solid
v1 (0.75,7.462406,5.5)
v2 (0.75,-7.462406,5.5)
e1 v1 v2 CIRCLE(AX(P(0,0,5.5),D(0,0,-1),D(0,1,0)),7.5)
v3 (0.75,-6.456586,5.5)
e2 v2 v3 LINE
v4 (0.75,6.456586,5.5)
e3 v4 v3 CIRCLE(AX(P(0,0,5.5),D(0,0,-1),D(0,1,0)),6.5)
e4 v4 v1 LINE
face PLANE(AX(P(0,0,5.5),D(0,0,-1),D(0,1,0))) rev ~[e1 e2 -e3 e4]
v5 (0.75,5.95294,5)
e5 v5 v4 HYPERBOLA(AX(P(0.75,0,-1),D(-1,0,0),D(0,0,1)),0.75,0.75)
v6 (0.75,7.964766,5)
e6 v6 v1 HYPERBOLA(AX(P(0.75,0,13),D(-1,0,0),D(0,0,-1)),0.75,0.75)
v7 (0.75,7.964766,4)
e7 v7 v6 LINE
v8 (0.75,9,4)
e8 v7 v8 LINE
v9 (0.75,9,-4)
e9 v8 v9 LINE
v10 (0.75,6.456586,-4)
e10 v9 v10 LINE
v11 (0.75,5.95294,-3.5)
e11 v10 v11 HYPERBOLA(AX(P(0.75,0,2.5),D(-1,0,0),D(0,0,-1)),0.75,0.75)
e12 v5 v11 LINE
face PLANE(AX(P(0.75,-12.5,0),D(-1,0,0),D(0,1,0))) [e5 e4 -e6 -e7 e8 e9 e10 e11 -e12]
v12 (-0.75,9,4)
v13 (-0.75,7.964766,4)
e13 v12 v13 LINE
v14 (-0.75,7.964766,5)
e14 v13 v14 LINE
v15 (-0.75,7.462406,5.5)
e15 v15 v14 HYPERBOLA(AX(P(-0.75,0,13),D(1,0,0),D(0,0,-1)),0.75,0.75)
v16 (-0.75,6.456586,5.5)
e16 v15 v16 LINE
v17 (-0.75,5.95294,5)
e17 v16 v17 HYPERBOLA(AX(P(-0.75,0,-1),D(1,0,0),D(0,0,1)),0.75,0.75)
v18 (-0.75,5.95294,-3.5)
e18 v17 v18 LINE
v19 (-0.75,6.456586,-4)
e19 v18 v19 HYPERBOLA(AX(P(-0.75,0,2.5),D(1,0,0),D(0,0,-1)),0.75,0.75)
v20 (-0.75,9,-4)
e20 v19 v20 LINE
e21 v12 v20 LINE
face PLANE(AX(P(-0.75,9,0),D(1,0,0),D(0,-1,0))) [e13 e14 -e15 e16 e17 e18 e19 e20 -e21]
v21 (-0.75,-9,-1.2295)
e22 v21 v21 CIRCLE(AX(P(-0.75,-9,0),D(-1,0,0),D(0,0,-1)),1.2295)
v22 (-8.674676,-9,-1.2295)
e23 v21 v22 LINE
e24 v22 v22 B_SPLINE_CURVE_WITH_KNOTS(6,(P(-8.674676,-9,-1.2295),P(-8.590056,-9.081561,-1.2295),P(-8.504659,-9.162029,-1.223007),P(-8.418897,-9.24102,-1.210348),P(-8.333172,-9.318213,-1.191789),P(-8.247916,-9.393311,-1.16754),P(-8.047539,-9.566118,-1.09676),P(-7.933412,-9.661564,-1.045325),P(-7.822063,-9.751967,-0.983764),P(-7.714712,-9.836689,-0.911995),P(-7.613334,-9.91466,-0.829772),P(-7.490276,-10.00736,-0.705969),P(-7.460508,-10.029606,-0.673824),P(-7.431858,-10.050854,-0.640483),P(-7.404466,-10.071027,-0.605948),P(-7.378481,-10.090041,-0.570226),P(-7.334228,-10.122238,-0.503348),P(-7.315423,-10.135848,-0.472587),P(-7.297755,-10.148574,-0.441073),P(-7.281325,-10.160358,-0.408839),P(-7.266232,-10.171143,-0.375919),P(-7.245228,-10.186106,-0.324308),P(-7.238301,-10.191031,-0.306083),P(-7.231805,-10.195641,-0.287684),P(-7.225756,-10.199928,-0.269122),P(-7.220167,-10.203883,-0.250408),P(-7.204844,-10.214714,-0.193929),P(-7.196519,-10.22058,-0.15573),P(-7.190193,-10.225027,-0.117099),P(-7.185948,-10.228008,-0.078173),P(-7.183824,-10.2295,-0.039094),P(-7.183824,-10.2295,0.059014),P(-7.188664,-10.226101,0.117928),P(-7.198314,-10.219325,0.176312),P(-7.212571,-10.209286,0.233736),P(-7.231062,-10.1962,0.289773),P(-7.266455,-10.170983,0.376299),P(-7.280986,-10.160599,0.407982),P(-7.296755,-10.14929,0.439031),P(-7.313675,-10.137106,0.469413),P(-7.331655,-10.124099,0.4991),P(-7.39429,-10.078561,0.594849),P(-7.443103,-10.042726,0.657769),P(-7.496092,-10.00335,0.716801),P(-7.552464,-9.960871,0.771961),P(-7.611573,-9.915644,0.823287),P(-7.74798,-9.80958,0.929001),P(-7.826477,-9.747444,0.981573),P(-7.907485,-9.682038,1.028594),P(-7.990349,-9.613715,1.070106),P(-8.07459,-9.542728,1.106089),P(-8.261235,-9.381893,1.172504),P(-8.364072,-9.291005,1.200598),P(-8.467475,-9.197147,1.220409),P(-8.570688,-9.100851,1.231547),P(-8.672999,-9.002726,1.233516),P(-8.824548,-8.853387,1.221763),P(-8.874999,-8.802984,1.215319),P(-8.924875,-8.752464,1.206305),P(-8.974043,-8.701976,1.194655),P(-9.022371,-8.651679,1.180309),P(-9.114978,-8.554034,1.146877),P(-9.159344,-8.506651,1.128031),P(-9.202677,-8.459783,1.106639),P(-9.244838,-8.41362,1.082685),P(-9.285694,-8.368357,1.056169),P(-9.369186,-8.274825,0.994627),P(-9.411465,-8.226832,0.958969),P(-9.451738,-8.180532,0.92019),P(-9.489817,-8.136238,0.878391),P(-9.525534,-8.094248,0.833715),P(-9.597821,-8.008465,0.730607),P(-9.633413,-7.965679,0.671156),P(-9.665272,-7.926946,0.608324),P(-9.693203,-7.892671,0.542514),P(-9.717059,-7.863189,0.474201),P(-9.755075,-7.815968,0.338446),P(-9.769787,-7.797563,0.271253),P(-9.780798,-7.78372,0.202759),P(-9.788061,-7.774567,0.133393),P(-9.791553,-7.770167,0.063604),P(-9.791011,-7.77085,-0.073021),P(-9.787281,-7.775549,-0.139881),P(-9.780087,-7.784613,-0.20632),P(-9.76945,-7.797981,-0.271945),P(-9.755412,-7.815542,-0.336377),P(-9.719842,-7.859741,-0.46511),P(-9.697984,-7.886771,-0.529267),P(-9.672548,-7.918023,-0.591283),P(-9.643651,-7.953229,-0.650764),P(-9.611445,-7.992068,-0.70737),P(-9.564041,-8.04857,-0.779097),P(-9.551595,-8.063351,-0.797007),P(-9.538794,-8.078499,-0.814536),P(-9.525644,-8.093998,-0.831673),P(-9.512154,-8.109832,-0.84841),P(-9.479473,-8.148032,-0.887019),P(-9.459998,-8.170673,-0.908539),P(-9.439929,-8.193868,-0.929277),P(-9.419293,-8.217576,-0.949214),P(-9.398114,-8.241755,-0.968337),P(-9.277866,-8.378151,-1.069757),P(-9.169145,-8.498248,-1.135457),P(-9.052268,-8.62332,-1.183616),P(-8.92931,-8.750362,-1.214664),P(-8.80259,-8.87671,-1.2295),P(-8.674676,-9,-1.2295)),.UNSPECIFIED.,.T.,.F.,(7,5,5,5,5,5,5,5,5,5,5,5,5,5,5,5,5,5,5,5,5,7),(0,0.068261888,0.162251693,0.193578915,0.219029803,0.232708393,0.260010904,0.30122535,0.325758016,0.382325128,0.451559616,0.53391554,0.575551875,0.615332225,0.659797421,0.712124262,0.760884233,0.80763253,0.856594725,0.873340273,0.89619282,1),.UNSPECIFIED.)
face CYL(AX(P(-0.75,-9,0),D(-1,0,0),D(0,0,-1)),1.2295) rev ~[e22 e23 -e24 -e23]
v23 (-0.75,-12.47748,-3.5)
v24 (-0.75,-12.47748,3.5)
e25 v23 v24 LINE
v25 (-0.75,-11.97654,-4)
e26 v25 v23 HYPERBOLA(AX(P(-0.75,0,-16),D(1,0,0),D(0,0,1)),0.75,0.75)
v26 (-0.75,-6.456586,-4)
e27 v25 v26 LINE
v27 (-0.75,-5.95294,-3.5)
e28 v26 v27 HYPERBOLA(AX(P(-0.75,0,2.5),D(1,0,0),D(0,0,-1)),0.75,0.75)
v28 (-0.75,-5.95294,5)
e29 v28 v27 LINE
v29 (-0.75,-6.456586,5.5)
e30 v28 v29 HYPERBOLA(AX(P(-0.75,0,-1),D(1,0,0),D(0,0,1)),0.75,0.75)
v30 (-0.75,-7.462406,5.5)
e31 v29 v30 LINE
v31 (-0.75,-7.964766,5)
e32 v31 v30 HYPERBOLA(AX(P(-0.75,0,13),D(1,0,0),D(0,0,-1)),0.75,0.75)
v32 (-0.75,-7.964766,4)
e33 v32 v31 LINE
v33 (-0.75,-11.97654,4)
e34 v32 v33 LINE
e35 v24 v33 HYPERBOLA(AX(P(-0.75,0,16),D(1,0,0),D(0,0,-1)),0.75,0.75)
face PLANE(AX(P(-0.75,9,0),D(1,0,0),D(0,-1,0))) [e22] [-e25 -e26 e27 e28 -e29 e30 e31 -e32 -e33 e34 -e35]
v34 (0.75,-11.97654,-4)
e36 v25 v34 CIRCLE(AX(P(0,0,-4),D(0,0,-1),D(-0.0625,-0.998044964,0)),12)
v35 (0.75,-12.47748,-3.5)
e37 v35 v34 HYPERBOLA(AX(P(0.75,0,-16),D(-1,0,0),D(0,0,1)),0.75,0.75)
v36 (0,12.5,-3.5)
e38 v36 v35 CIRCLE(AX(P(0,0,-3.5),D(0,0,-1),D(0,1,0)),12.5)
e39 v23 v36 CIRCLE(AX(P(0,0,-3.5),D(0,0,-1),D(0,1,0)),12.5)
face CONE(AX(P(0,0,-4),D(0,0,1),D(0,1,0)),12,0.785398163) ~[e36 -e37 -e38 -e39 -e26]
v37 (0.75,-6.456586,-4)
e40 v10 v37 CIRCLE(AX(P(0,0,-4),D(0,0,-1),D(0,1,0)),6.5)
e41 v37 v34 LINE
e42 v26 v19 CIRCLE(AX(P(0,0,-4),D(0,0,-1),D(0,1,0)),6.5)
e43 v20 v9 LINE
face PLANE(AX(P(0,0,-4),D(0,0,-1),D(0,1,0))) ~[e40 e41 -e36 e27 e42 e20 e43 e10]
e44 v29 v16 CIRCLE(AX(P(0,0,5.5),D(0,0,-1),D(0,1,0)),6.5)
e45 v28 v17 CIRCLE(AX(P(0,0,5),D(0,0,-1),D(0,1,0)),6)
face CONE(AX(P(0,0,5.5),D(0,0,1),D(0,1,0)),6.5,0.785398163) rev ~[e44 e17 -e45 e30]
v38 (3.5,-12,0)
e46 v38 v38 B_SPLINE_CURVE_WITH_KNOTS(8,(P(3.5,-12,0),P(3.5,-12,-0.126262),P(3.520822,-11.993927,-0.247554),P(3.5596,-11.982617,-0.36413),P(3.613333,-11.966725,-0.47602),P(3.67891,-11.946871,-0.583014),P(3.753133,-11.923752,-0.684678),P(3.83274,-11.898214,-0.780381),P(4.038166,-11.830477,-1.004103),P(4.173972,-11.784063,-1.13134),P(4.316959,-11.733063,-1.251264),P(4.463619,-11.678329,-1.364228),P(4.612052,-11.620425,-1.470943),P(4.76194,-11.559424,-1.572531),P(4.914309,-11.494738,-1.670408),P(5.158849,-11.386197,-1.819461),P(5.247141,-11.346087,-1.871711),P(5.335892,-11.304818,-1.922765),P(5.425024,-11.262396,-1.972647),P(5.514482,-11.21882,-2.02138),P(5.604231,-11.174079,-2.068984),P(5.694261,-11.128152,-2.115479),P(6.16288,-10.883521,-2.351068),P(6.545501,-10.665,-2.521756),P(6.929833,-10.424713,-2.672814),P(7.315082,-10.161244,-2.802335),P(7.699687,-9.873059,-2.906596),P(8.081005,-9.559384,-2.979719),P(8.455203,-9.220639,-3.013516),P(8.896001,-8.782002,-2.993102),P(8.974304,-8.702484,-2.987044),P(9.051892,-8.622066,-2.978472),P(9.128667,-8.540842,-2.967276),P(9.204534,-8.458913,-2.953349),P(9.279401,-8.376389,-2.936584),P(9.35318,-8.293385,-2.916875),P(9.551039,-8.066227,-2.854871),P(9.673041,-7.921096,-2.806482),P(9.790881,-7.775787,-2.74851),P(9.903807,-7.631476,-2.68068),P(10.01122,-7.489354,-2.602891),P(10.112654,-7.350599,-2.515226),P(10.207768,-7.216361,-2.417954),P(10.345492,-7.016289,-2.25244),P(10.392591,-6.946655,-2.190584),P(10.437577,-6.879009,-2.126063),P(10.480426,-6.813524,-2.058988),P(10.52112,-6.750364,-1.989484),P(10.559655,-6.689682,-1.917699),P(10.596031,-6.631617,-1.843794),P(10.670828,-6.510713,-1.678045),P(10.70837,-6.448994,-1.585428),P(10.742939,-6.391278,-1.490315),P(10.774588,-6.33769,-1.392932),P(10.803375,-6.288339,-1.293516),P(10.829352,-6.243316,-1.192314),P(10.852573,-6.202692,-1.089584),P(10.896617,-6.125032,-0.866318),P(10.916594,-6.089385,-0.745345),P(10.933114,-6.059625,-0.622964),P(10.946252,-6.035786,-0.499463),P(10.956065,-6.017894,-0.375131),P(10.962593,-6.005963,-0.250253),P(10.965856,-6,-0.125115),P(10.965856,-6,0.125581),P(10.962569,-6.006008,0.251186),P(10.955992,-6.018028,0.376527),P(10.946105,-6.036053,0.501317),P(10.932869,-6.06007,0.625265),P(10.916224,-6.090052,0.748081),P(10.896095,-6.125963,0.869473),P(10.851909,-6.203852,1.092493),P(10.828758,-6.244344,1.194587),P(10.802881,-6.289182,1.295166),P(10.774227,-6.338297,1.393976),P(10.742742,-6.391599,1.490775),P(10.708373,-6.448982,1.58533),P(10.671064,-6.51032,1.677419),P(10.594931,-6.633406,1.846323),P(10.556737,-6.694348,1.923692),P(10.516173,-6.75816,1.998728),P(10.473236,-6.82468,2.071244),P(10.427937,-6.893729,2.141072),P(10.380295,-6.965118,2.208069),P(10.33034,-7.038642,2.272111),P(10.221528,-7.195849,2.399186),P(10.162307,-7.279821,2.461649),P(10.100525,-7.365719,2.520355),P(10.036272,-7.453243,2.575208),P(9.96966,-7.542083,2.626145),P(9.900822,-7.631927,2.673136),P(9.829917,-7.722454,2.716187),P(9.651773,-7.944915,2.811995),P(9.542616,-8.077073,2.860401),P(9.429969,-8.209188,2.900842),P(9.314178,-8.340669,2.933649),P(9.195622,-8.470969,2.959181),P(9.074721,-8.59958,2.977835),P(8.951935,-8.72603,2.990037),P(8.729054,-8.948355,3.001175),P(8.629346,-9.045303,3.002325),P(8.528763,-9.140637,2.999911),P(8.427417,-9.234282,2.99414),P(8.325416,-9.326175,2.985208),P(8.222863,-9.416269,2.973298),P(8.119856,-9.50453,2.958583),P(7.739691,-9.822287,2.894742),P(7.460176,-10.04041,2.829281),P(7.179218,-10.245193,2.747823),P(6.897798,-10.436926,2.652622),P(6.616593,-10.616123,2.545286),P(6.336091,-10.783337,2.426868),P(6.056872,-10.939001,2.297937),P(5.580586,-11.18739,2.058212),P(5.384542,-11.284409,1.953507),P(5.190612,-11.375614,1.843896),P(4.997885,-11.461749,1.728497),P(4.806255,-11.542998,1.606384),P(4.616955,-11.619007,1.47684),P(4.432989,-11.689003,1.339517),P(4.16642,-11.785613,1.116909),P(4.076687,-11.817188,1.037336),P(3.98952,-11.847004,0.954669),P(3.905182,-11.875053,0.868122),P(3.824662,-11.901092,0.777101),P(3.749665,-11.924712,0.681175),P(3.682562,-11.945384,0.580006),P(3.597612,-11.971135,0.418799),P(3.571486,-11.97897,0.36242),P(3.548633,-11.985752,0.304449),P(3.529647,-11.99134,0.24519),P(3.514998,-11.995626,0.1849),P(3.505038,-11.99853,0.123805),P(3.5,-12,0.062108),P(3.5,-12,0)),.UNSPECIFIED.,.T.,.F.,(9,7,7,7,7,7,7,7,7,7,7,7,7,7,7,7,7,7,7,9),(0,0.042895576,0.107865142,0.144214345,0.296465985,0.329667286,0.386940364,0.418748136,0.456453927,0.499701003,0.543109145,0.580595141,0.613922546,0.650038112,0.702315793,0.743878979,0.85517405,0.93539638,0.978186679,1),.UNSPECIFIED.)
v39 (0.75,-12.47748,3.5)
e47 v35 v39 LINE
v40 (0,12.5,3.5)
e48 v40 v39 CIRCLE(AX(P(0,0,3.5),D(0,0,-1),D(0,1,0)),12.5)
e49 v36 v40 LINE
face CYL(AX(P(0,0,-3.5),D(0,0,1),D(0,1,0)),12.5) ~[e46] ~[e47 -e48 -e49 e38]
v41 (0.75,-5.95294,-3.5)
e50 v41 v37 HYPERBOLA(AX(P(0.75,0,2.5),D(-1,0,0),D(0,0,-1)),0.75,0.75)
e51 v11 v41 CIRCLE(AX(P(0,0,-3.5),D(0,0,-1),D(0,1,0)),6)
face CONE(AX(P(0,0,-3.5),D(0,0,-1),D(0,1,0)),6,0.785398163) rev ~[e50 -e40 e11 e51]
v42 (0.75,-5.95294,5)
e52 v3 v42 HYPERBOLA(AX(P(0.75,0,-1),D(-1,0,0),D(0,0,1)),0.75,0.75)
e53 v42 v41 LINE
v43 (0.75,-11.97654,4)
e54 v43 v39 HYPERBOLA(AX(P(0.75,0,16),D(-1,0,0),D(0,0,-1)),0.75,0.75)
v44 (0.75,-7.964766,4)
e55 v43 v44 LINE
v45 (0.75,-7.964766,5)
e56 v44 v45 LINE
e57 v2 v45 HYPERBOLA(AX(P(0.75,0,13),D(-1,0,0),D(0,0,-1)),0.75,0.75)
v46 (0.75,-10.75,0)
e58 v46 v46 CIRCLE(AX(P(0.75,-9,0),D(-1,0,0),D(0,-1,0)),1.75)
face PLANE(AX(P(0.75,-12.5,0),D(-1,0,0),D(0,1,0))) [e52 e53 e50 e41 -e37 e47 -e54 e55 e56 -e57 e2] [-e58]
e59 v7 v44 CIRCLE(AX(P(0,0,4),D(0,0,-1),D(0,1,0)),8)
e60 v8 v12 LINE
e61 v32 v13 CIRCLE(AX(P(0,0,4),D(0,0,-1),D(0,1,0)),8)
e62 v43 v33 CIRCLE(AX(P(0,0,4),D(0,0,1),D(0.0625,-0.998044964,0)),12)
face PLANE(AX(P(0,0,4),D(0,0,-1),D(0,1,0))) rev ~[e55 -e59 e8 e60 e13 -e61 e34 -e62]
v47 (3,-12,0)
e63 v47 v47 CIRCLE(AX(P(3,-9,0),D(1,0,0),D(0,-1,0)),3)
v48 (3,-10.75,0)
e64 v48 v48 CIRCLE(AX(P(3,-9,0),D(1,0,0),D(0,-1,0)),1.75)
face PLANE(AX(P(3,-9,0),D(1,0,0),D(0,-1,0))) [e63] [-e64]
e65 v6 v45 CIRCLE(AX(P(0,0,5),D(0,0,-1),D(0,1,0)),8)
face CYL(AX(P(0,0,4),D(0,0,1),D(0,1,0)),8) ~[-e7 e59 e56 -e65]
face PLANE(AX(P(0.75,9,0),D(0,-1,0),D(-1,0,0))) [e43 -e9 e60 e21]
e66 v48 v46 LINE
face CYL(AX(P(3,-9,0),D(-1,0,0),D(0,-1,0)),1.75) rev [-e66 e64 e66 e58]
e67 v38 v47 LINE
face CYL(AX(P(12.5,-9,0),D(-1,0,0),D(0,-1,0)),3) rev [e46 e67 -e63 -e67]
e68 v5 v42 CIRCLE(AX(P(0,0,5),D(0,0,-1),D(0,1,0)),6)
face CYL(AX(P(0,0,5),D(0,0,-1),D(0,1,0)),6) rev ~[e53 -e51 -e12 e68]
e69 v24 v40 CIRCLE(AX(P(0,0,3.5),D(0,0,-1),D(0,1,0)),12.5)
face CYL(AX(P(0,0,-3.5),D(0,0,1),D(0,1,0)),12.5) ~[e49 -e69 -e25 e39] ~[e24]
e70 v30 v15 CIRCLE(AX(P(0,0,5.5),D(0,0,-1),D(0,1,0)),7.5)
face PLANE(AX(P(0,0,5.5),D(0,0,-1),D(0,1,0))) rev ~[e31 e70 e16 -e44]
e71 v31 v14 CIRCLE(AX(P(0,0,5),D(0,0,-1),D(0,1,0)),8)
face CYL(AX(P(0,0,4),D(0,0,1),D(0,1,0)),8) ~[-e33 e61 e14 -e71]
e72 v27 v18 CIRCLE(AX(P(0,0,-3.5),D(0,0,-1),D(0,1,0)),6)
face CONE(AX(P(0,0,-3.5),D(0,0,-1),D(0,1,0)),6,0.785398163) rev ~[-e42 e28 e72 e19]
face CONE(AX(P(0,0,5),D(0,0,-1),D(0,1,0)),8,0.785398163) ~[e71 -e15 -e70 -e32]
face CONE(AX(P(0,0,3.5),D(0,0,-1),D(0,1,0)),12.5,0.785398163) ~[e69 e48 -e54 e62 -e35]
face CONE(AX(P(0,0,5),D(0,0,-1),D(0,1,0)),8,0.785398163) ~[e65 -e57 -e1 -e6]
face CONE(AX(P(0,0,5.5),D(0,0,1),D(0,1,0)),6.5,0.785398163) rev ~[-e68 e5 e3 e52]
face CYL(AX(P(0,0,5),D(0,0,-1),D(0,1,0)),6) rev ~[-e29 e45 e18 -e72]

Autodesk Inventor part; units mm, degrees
sketch "Sketch_1" plane through (0, 0, 0) normal (1, 0, 0) x (0, 1, 0)
  line L0 (0, -4) -> (0, 5.5)
  line L1 (7.5, 5.5) -> (6.5, 5.5)
  line L2 (6.5, 5.5) -> (6, 5)
  line L3 (6, 5) -> (6, -3.5)
  line L4 (6, -3.5) -> (6.5, -4)
  line L5 (6.5, -4) -> (12, -4)
  line L6 (12, -4) -> (12.5, -3.5)
  line L7 (12.5, -3.5) -> (12.5, 3.5)
  line L8 (12.5, 3.5) -> (12, 4)
  line L9 (12, 4) -> (8, 4)
  line L10 (8, 4) -> (8, 5)
  line L11 (8, 5) -> (7.5, 5.5)
revolve "Revolution1" add sketch "Sketch_1" angle 360 about axis through (0, 0, -4) along (0, 0, -1)
sketch "Sketch_2" plane through (0, 0, 0) normal (0, 0, 1) x (1, 0, 0)
  line L0 (-0.75, -12.5) -> (0.75, -12.5)
  line L1 (0.75, -12.5) -> (0.75, 9)
  line L2 (0.75, 9) -> (-0.75, 9)
  line L3 (-0.75, 9) -> (-0.75, -12.5)
extrude "Extrusion1" cut sketch "Sketch_2" along normal mid plane 32
sketch "Sketch_3" plane through (0, 0, 0) normal (0, 0, 1) x (1, 0, 0)
  line L0 (0, -9) -> (12.5, -9)
  line L1 (12.5, -9) -> (12.5, -12)
  line L2 (12.5, -12) -> (3, -12)
  line L3 (3, -12) -> (3, -10.75)
  line L4 (3, -10.75) -> (0, -10.75)
  line L5 (0, -10.75) -> (0, -9)
  line L6 (0, -9) -> (12.5, -9)
revolve "Revolution2" cut sketch "Sketch_3" angle 360 about axis through (0, -9, 0) along (1, 0, 0)
sketch "Sketch4" plane through (-0.75, -11.9765, -4) normal (1, 0, 0) x (0, 0, -1)
  point P0 (-4, 2.9765)
hole "Hole1" at (-0.75, -9, 0) direction (-1, 0, 0) diameter 2.459 depth 13.5 thread size "M3x0.5" class "6H" standard "ISO Metric profile"
ref_plane "body_screw_XY" through (3, -9, 0) normal (1, 0, 0) x (0, 0, -1)
ref_plane "body_screw_YZ" through (3, -9, 0) normal (0, 0, -1) x (0, 1, 0)
ref_plane "body_screw_ZX" through (3, -9, 0) normal (0, 1, 0) x (1, 0, 0)
properties part number "SCSNAJ12-16b"
